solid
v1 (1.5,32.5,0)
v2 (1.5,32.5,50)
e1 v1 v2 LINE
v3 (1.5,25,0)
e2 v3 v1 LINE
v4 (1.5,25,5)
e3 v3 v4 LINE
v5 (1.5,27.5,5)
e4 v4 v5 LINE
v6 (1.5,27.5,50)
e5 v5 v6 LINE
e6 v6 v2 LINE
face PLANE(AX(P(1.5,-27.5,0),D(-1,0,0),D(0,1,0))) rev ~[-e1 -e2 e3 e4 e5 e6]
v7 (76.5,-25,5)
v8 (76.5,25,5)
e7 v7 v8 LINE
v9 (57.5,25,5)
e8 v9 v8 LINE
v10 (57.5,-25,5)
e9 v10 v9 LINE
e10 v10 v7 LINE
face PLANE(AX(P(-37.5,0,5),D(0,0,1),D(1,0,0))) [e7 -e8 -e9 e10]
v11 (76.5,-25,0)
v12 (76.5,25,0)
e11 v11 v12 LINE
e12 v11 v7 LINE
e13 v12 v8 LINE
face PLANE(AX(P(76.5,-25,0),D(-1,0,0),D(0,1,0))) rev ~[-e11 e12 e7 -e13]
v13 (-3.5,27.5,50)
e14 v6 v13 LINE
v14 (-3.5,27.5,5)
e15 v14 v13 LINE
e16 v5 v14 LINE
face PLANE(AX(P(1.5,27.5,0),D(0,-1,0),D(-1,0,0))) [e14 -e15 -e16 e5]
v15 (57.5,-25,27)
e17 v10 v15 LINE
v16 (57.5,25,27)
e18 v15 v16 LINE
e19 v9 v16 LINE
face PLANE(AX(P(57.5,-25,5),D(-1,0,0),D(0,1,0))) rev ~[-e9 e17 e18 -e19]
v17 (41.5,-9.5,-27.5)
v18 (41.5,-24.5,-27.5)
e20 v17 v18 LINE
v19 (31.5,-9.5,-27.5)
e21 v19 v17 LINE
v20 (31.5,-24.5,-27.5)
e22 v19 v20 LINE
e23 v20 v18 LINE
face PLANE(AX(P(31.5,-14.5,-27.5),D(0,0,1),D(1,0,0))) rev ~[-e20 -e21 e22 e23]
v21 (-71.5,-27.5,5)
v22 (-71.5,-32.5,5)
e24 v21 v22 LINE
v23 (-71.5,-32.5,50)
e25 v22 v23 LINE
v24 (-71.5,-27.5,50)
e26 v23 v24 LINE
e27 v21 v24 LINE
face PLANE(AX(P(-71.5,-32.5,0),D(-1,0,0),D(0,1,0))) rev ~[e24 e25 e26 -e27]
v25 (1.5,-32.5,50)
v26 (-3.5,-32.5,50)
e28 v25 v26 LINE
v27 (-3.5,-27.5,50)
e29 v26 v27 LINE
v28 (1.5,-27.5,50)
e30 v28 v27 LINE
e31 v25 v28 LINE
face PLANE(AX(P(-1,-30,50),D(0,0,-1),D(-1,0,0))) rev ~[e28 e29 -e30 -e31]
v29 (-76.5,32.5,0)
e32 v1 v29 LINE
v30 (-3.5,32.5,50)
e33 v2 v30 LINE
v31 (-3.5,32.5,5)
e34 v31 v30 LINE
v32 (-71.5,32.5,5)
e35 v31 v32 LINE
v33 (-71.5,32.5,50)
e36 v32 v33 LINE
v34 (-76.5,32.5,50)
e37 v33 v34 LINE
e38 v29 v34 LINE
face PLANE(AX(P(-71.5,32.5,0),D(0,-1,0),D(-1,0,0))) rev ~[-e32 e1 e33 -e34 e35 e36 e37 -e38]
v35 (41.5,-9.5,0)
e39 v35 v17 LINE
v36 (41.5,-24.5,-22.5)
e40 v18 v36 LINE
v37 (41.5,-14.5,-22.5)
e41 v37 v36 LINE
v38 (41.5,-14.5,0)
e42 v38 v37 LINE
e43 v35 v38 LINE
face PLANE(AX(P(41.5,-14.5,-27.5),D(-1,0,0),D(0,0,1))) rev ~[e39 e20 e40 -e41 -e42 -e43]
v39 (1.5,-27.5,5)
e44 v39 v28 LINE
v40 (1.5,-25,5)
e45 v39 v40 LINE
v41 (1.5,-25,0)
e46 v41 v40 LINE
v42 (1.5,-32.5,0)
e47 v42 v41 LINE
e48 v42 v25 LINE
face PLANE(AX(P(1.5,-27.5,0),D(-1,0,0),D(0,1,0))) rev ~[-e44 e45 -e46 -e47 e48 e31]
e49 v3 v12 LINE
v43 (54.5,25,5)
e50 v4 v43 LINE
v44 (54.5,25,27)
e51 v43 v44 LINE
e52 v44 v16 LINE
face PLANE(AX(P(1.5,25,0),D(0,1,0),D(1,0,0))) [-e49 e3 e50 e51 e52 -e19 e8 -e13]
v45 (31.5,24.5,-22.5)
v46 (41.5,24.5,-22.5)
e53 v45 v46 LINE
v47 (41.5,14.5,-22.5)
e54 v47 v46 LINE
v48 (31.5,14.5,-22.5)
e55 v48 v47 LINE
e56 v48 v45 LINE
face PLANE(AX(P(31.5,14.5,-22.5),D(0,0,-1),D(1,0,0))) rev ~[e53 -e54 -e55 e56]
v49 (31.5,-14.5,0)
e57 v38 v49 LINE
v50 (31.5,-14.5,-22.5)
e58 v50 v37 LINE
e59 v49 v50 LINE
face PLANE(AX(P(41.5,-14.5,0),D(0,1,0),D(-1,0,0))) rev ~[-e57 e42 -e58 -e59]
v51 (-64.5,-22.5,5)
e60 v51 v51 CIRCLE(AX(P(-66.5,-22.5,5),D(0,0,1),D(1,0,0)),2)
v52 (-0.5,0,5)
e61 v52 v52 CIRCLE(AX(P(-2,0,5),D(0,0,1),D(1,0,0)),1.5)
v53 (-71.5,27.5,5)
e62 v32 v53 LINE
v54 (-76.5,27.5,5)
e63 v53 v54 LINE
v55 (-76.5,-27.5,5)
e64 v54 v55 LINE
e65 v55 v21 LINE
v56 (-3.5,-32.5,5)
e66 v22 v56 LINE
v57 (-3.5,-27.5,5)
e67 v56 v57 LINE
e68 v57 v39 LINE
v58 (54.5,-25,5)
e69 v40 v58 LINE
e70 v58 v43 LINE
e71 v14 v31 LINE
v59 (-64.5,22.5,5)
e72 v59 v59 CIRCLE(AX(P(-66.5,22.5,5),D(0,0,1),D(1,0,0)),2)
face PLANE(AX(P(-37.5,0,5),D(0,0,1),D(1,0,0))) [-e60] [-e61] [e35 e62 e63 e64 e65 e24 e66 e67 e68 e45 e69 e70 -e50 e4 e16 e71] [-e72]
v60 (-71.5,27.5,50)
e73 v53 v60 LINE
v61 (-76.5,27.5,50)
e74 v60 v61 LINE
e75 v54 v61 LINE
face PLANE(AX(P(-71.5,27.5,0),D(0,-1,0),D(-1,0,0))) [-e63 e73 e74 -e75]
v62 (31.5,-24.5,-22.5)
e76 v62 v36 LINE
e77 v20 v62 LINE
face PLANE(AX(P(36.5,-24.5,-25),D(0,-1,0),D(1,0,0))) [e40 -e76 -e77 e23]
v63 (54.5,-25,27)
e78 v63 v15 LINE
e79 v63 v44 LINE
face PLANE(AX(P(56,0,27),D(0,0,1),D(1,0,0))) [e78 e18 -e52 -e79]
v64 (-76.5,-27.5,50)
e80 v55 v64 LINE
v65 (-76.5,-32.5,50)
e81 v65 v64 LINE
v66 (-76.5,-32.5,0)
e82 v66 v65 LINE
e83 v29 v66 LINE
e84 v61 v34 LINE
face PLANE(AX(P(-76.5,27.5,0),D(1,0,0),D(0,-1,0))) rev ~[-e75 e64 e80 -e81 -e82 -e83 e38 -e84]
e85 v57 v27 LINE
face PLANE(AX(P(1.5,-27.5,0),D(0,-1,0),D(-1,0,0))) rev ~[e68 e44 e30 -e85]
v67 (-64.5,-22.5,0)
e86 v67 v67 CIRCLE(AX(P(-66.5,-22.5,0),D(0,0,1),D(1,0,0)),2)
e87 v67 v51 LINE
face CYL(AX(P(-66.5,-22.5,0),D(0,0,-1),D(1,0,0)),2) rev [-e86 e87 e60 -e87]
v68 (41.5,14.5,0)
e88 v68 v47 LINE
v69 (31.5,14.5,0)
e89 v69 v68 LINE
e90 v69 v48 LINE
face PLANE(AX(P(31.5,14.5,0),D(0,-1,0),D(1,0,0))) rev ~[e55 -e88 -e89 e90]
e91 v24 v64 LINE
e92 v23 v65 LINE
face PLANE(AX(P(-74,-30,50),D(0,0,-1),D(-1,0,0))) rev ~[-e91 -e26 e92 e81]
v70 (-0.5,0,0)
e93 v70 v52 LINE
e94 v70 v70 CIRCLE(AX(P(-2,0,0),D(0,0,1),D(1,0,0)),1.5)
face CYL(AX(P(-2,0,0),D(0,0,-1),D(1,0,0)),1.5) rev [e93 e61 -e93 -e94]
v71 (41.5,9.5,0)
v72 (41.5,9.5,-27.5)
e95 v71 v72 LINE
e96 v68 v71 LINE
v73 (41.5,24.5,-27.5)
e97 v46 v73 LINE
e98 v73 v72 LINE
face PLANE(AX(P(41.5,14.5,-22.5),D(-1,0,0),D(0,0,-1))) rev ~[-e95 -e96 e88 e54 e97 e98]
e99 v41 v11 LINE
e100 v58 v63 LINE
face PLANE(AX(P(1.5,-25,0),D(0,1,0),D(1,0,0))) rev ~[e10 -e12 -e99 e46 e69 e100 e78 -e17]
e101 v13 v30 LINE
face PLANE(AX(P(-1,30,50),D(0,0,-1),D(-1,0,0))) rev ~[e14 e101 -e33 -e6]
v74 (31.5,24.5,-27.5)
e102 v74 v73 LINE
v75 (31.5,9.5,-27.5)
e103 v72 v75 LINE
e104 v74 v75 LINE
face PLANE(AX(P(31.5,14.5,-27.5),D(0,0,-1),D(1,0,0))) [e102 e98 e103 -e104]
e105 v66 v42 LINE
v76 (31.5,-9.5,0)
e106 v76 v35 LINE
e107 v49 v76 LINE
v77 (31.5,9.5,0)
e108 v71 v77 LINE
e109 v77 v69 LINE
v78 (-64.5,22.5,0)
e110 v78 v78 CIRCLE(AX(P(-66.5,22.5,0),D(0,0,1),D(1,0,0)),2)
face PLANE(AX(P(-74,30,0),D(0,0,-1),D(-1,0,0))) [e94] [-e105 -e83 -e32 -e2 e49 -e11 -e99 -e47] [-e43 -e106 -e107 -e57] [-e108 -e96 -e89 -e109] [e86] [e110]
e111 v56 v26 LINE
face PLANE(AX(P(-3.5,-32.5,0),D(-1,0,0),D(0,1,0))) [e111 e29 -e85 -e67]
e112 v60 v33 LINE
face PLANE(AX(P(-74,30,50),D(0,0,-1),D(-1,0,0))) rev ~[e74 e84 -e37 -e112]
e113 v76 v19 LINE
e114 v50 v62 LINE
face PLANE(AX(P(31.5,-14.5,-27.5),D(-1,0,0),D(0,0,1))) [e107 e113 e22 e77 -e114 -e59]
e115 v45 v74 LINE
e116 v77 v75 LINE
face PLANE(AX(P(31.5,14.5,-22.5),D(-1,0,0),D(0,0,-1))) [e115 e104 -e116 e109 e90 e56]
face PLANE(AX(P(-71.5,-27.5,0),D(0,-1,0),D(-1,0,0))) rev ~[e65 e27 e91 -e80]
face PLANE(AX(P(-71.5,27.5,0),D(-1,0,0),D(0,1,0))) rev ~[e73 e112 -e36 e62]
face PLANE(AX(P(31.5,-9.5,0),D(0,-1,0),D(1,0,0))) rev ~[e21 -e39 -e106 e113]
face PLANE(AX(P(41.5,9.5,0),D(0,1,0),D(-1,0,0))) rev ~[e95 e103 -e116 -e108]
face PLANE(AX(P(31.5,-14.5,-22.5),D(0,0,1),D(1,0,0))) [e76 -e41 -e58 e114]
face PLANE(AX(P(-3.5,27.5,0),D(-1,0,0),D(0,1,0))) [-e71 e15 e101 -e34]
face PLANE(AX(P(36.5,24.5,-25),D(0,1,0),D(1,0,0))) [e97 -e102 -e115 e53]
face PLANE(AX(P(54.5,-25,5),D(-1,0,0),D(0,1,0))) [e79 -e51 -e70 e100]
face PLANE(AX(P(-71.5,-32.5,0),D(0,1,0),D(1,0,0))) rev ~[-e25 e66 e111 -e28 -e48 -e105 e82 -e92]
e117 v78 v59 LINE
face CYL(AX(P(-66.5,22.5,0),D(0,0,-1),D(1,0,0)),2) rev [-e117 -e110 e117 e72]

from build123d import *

# Parameters (mm, degrees)
CROQUIS1_R               = 2
CROQUIS1_R_2             = 1.5
SALIENTE_EXTRUIR4_DEPTH  = 5
CROQUIS3_W               = 5
CROQUIS3_H               = 5
SALIENTE_EXTRUIR5_DEPTH  = 50
CROQUIS4_W               = 3
CROQUIS4_H               = 50
SALIENTE_EXTRUIR7_DEPTH  = 22
CROQUIS6_W               = 10
CROQUIS6_H               = 5
SALIENTE_EXTRUIR9_DEPTH  = 27.5
CROQUIS7_W               = 10
CROQUIS7_H               = 5
SALIENTE_EXTRUIR10_DEPTH = 10
CROQUIS8_W               = 10
CROQUIS8_H               = 5
SALIENTE_EXTRUIR11_DEPTH = 10


with BuildPart() as part:
    # Croquis1 → Saliente-Extruir4 (new body)
    with BuildSketch(Plane.XY):
        Polygon((-71.5, -27.5), (-71.5, -32.5), (-3.5, -32.5), (-3.5, -27.5), (1.5, -27.5), (1.5, -25), (76.5, -25), (76.5, 25), (1.5, 25), (1.5, 27.5), (-3.5, 27.5), (-3.5, 32.5), (-71.5, 32.5), (-71.5, 27.5), (-76.5, 27.5), (-76.5, -27.5), align=None)
        with Locations((-66.5, -22.5)):
            Circle(CROQUIS1_R, mode=Mode.SUBTRACT)
        with Locations((-2, 0)):
            Circle(CROQUIS1_R_2, mode=Mode.SUBTRACT)
        with Locations((-66.5, 22.5)):
            Circle(CROQUIS1_R, mode=Mode.SUBTRACT)
    extrude(amount=SALIENTE_EXTRUIR4_DEPTH)

    # Croquis3 → Saliente-Extruir5 (add)
    with BuildSketch(Plane(origin=(0, 0, 0), x_dir=(-1, 0, 0), z_dir=(0, 0, -1))):
        with Locations((74, 30)):
            Rectangle(CROQUIS3_W, CROQUIS3_H)
        with Locations((1, -30)):
            Rectangle(CROQUIS3_W, CROQUIS3_H)
        with Locations((1, 30)):
            Rectangle(CROQUIS3_W, CROQUIS3_H)
        with Locations((74, -30)):
            Rectangle(CROQUIS3_W, CROQUIS3_H)
    extrude(amount=-SALIENTE_EXTRUIR5_DEPTH)

    # Croquis4 → Saliente-Extruir7 (add)
    with BuildSketch(Plane.XY.offset(5)):
        with Locations((56, 0)):
            Rectangle(CROQUIS4_W, CROQUIS4_H)
    extrude(amount=SALIENTE_EXTRUIR7_DEPTH)

    # Croquis6 → Saliente-Extruir9 (add)
    with BuildSketch(Plane(origin=(0, 0, 0), x_dir=(-1, 0, 0), z_dir=(0, 0, -1))):
        with Locations((-36.5, 12)):
            Rectangle(CROQUIS6_W, CROQUIS6_H)
        with Locations((-36.5, -12)):
            Rectangle(CROQUIS6_W, CROQUIS6_H)
    extrude(amount=SALIENTE_EXTRUIR9_DEPTH)

    # Croquis7 → Saliente-Extruir10 (add)
    with BuildSketch(Plane(origin=(0, 14.5, 0), x_dir=(1, 0, 0), z_dir=(0, 1, 0))):
        with Locations((36.5, 25)):
            Rectangle(CROQUIS7_W, CROQUIS7_H)
    extrude(amount=SALIENTE_EXTRUIR10_DEPTH)

    # Croquis8 → Saliente-Extruir11 (add)
    with BuildSketch(Plane.XZ.offset(14.5)):
        with Locations((36.5, -25)):
            Rectangle(CROQUIS8_W, CROQUIS8_H)
    extrude(amount=SALIENTE_EXTRUIR11_DEPTH)


solid = part.part
